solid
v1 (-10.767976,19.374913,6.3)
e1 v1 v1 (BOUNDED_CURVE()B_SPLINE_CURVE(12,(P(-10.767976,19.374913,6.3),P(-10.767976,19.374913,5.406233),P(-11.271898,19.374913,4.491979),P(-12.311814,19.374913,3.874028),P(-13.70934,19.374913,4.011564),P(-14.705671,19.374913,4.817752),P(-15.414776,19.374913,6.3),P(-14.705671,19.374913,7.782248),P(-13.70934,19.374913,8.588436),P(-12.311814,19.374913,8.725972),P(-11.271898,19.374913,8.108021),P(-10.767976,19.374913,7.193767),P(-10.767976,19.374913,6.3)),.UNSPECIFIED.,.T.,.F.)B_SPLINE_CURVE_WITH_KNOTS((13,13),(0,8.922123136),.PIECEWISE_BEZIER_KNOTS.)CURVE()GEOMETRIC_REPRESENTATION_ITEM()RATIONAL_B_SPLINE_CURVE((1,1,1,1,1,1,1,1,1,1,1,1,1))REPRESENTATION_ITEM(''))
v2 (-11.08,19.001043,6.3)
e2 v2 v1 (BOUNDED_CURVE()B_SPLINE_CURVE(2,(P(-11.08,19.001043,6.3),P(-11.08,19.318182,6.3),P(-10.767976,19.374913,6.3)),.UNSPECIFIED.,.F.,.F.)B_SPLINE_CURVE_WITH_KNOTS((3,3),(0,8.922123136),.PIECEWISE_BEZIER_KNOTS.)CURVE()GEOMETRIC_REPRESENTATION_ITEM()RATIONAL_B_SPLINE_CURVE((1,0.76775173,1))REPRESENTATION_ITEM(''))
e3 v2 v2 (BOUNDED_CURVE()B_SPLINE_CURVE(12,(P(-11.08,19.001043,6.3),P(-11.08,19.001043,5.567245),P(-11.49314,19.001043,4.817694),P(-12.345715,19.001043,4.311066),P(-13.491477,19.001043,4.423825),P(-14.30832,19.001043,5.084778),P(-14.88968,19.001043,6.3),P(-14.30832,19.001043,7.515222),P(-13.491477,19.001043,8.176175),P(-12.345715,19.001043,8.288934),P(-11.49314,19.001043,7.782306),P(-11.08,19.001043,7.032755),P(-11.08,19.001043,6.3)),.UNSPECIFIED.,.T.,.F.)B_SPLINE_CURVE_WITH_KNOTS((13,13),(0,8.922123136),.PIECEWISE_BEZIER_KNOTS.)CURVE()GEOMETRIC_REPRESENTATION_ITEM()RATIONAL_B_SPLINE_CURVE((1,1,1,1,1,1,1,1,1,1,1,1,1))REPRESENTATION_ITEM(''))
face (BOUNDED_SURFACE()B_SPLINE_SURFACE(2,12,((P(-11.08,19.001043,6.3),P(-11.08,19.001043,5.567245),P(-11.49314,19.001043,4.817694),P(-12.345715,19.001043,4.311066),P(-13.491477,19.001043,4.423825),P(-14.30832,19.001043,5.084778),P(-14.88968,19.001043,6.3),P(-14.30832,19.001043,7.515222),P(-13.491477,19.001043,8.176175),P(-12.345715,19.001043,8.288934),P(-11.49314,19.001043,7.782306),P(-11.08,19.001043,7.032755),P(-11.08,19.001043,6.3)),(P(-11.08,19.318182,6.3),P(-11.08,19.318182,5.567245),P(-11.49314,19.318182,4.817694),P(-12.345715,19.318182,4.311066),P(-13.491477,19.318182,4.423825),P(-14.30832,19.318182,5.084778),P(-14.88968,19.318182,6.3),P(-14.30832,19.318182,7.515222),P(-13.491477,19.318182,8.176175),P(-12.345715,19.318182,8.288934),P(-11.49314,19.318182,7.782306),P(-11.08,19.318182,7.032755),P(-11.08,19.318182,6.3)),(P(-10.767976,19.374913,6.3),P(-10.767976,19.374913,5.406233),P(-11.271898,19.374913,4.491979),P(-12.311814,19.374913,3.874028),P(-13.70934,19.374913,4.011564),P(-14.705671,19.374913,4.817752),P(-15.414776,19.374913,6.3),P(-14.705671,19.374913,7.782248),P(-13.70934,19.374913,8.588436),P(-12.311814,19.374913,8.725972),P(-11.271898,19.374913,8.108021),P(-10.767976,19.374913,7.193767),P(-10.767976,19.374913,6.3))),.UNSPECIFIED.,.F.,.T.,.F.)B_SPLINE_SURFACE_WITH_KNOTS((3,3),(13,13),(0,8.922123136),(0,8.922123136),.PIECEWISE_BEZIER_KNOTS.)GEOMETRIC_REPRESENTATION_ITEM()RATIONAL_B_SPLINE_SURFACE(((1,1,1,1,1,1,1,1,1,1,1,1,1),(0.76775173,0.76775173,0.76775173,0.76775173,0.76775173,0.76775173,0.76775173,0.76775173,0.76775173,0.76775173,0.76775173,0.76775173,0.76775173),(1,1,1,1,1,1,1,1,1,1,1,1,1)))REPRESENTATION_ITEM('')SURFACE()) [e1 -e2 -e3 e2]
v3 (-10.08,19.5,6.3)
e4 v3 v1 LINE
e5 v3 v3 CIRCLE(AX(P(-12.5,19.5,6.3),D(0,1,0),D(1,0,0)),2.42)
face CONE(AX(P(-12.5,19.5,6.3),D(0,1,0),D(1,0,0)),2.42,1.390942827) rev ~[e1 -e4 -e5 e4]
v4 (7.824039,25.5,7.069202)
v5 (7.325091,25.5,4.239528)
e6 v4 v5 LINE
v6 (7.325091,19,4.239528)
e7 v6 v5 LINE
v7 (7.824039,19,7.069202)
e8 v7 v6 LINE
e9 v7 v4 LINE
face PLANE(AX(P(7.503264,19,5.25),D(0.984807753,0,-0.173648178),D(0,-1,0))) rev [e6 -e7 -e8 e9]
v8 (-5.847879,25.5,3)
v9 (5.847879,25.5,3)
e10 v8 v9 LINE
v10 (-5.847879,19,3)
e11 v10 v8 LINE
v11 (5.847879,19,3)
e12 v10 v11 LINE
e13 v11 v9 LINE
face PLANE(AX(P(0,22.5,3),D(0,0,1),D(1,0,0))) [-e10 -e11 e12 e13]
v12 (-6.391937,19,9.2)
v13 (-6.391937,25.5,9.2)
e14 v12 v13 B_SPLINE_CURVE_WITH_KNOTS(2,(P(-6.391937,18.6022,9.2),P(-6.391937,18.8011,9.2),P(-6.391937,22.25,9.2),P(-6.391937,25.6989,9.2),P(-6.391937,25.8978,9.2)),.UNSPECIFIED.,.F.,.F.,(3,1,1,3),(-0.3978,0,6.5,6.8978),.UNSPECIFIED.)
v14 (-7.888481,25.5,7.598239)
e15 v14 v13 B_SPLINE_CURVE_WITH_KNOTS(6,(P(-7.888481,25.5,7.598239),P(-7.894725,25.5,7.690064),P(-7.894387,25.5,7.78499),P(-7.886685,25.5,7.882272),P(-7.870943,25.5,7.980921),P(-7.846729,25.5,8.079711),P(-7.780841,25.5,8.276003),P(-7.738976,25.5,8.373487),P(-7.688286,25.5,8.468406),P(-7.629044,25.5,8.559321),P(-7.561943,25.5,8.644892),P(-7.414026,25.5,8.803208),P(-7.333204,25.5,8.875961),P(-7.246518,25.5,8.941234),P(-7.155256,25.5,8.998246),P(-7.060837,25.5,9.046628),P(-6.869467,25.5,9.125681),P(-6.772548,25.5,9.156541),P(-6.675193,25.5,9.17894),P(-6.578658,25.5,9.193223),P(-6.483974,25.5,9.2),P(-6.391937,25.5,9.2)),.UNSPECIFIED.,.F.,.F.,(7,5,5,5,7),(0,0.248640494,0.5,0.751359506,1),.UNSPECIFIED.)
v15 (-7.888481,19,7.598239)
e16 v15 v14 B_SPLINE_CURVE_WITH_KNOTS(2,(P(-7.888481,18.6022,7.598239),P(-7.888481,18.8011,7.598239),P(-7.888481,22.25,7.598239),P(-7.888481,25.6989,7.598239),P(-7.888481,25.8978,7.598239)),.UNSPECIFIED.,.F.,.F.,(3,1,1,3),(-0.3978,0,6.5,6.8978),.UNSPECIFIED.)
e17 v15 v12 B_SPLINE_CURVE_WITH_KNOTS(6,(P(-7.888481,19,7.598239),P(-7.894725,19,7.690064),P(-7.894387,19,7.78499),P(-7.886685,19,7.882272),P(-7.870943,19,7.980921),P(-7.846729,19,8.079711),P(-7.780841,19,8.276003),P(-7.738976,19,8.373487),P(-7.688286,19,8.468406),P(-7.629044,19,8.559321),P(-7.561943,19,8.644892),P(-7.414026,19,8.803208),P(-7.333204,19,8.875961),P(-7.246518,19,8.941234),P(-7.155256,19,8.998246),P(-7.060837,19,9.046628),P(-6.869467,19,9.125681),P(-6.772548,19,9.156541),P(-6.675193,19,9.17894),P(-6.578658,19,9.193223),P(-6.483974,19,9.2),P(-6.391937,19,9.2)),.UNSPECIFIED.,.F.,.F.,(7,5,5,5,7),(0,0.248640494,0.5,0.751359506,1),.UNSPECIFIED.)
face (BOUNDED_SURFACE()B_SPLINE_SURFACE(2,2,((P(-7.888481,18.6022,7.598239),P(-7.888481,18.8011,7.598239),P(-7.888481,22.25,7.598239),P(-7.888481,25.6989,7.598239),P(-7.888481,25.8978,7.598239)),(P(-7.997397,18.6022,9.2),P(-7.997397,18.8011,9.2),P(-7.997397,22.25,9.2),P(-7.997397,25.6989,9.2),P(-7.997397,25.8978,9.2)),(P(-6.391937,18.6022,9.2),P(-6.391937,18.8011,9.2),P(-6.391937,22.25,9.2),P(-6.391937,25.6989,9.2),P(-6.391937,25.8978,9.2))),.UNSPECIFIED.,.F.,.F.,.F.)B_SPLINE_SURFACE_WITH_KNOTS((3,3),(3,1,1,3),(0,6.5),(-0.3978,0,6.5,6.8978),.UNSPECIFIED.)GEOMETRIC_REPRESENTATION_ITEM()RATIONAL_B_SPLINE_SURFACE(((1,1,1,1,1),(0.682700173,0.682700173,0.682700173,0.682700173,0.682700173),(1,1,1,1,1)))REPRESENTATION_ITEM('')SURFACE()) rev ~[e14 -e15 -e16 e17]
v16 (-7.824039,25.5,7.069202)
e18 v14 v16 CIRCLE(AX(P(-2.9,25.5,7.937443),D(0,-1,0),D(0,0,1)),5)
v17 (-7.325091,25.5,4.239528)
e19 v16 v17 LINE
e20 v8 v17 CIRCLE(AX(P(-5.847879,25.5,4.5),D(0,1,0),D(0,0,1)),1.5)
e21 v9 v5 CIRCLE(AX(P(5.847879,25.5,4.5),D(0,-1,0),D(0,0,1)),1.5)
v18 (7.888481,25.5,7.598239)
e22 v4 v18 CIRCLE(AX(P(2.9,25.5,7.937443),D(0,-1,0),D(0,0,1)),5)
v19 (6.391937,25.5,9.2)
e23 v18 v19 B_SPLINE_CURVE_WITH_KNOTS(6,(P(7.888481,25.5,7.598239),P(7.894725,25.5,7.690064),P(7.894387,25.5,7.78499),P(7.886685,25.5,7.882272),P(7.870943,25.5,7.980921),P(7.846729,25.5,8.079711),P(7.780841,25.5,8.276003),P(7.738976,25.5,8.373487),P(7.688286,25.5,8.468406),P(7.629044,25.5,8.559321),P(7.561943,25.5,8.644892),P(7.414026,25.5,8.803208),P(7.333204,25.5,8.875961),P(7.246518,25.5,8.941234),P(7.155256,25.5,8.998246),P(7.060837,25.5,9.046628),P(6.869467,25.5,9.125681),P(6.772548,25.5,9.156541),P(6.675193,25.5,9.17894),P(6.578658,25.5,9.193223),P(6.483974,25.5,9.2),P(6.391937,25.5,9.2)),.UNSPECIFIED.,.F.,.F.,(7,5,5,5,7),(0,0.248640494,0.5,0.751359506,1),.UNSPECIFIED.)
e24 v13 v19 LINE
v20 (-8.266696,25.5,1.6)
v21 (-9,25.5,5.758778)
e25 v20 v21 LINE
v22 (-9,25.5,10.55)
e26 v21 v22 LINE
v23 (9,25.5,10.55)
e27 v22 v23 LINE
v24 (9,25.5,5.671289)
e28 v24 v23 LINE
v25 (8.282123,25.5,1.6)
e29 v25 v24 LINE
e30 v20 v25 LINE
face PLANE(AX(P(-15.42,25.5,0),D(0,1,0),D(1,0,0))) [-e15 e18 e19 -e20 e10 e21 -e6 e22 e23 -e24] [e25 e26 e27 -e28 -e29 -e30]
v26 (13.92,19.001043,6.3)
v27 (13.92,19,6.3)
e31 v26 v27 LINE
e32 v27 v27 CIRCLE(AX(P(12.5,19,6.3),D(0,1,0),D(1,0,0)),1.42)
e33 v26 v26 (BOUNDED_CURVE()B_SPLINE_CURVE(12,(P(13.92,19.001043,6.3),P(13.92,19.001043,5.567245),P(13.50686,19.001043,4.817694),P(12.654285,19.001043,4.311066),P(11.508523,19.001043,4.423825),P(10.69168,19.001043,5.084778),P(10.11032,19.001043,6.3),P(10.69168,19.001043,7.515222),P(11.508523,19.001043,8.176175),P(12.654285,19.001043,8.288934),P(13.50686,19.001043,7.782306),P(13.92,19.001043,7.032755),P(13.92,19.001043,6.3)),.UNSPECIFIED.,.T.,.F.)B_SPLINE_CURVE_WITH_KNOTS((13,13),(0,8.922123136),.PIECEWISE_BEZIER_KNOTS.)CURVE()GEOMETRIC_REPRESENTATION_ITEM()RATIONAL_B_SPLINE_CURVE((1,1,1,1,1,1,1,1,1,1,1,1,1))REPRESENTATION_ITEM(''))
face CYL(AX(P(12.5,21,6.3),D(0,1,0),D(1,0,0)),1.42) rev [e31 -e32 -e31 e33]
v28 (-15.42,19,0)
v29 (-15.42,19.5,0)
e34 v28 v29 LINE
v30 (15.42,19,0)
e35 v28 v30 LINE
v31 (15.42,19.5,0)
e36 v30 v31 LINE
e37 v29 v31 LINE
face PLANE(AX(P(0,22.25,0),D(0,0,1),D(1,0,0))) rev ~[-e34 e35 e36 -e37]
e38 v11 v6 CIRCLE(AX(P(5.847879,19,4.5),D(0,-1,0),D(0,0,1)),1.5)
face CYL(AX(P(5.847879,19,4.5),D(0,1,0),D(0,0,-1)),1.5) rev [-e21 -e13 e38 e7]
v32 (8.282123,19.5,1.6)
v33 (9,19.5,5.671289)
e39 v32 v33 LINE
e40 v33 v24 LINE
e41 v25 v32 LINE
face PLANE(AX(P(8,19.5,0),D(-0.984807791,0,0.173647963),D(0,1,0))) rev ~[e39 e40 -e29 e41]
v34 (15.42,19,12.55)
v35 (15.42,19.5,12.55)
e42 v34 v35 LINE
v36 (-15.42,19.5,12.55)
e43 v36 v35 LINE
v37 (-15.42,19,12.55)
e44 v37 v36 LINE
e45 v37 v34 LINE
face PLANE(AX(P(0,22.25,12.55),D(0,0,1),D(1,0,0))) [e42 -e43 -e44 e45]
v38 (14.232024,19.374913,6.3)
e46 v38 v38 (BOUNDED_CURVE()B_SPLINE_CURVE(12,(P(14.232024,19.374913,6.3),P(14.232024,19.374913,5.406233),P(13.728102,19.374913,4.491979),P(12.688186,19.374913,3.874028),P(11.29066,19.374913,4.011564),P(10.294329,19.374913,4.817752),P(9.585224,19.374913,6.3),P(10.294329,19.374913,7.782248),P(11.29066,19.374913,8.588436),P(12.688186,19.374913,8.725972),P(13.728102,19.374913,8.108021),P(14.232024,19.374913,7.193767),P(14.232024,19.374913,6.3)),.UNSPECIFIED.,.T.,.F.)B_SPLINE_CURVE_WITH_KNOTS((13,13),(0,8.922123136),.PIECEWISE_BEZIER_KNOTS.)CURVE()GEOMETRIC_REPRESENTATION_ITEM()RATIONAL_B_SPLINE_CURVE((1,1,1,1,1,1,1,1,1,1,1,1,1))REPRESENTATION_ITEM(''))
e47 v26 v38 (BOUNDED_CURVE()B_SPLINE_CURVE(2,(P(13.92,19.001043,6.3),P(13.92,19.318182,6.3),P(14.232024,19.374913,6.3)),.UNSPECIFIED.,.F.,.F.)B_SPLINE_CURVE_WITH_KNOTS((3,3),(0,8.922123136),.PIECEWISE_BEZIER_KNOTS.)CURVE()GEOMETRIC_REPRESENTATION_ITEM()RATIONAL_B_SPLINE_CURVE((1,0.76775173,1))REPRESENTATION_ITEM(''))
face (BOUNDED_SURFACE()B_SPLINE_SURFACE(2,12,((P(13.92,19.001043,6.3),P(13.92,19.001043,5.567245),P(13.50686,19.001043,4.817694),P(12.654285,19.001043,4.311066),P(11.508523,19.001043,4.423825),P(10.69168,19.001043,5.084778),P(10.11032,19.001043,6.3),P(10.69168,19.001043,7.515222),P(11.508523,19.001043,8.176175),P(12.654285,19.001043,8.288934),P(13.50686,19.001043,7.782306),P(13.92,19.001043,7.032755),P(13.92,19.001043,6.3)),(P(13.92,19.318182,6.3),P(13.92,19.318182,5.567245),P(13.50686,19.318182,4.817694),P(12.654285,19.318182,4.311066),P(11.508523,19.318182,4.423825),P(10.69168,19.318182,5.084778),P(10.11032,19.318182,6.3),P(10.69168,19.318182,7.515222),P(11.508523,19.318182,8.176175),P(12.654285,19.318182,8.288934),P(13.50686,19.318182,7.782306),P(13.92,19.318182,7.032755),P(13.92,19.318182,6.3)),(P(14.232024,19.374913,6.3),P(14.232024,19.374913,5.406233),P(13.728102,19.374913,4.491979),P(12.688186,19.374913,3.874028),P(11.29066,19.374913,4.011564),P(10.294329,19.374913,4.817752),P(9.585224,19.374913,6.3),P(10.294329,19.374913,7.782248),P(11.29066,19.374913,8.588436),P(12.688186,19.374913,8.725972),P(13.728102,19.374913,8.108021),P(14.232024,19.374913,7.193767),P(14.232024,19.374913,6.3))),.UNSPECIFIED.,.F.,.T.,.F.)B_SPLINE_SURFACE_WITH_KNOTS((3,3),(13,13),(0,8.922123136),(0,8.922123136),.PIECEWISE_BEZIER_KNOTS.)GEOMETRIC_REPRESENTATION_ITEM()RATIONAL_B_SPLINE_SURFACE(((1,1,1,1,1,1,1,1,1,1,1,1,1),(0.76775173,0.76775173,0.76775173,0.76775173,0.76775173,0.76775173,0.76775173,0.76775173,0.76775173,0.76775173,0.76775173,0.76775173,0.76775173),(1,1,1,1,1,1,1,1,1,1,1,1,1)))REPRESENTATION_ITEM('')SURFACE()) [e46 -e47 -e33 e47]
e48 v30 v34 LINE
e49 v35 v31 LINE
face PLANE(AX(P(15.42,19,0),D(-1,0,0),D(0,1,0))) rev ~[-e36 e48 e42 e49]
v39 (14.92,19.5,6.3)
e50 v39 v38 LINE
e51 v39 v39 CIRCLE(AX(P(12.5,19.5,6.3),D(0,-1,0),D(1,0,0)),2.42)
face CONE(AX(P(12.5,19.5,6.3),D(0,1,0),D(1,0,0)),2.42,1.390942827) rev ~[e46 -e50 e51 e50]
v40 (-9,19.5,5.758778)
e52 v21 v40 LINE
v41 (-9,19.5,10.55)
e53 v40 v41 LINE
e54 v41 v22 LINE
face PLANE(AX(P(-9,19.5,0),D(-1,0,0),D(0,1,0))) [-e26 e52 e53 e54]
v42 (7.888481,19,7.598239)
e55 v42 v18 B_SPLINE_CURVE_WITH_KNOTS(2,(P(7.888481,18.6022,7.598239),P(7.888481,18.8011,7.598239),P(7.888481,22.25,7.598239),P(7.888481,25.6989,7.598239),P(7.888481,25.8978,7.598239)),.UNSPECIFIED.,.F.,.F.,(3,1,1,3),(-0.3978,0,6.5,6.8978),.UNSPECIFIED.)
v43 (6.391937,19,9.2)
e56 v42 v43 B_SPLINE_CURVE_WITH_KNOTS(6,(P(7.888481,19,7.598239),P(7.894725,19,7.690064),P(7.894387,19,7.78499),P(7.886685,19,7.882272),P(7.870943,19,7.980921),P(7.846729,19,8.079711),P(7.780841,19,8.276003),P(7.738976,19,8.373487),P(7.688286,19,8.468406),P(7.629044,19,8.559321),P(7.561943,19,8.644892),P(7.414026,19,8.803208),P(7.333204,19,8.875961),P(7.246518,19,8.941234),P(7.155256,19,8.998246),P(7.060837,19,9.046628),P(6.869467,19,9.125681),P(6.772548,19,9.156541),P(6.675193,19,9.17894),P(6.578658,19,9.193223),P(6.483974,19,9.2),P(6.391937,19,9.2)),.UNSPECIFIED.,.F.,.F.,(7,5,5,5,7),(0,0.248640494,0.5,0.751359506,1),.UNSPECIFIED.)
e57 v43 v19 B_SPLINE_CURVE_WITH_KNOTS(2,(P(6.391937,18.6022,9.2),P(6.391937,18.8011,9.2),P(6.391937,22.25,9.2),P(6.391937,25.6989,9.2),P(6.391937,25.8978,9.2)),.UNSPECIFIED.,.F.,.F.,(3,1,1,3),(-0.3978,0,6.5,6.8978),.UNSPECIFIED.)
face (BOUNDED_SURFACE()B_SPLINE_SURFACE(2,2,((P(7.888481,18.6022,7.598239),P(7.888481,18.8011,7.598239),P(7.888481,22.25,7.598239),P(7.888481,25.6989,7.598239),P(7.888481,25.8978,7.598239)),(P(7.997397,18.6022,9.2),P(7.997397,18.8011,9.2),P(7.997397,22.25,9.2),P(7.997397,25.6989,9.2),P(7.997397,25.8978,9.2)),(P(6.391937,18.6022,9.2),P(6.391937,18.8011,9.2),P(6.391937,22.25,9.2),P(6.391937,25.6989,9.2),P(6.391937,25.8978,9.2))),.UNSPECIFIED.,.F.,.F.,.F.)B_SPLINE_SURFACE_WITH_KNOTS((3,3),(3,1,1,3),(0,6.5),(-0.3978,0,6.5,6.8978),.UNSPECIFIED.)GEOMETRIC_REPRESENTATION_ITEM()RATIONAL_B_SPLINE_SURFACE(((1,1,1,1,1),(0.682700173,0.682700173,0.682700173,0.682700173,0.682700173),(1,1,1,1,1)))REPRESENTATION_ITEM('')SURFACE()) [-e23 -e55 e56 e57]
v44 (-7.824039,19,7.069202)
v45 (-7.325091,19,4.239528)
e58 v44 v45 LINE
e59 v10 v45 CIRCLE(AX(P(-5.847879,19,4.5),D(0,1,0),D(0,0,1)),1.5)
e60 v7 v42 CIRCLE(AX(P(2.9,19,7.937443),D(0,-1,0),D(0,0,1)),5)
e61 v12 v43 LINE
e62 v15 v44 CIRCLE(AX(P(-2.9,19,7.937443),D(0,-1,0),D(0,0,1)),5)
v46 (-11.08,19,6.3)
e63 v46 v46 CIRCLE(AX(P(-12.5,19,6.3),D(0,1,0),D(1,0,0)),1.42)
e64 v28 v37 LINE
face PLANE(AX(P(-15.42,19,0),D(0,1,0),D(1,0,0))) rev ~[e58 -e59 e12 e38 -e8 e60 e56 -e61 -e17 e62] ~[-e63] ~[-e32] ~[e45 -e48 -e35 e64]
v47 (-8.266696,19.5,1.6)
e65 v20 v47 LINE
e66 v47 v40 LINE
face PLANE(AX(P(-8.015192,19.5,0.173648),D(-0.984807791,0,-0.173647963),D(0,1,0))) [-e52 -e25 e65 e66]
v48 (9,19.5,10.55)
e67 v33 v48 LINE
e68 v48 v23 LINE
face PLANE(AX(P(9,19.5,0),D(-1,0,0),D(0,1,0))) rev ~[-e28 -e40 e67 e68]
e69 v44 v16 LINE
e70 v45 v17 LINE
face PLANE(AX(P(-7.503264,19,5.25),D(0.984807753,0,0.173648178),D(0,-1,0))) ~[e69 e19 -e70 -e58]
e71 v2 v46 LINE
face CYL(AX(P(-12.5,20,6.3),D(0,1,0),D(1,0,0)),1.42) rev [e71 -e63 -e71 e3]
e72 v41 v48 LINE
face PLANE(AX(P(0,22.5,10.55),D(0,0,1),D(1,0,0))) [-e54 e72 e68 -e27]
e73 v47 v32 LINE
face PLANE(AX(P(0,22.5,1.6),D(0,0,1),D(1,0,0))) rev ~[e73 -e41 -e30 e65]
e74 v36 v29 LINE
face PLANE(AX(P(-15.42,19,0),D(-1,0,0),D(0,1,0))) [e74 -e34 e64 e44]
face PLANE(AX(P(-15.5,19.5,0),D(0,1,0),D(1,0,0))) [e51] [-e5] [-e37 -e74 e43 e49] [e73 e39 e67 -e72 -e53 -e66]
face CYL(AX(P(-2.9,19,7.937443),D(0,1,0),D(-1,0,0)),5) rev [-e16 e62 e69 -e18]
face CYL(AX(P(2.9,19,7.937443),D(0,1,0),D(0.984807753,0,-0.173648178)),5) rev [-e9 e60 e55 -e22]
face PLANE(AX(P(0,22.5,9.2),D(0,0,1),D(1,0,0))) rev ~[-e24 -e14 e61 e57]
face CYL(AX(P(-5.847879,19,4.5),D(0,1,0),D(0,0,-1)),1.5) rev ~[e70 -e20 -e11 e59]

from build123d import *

# Parameters (mm, degrees)
BOX013_W          = 30.84
BOX013_H          = 6.5
BOX013_DEPTH      = 12.55
BOX014_W          = 6.5
BOX014_H          = 6
BOX014_DEPTH      = 12.55
BOX015_W          = 6.5
BOX015_H          = 6
BOX015_DEPTH      = 12.55
BOX016_W          = 15.8
BOX016_H          = 7
BOX016_DEPTH      = 6.2
BOX017_W          = 23
BOX017_H          = 6
BOX017_DEPTH      = 1.6
BOX018_W          = 19
BOX018_H          = 6
BOX018_DEPTH      = 2
CYLINDER004_R     = 1.42
CYLINDER004_DEPTH = 3
CYLINDER005_R     = 1.42
CYLINDER005_DEPTH = 3
CHAMFER_1_ANGLE   = 10
CHAMFER_1_SIZE    = 4.5
CHAMFER_2_ANGLE   = 10
CHAMFER_2_SIZE    = 4.5
FILLET_R          = 5
FILLET001_R       = 1.5
FILLET002_R       = 5
FILLET003_R       = 1.5
FILLET004_R       = 1.5
FILLET005_R       = 1.5
FILLET006_R       = 0.38
FILLET007_R       = 0.38
BOX031_W          = 1
BOX031_H          = 6
BOX031_DEPTH      = 10
BOX032_W          = 1
BOX032_H          = 6
BOX032_DEPTH      = 10


with BuildPart() as part:
    # Box013 → Box013 (join)
    with BuildSketch(Plane(origin=(-15.42, 19, 0), x_dir=(1, 0, 0), z_dir=(0, 0, 1))):
        with Locations((15.42, 3.25)):
            Rectangle(BOX013_W, BOX013_H)
    extrude(amount=BOX013_DEPTH)

    # Box014 → Box014 (cut)
    with BuildSketch(Plane(origin=(9, 19.5, 0), x_dir=(1, 0, 0), z_dir=(0, 0, 1))):
        with Locations((3.25, 3)):
            Rectangle(BOX014_W, BOX014_H)
    extrude(amount=BOX014_DEPTH, mode=Mode.SUBTRACT)

    # Box015 → Box015 (cut)
    with BuildSketch(Plane(origin=(-15.5, 19.5, 0), x_dir=(1, 0, 0), z_dir=(0, 0, 1))):
        with Locations((3.25, 3)):
            Rectangle(BOX015_W, BOX015_H)
    extrude(amount=BOX015_DEPTH, mode=Mode.SUBTRACT)

    # Box016 → Box016 (cut)
    with BuildSketch(Plane(origin=(-7.9, 19, 3), x_dir=(1, 0, 0), z_dir=(0, 0, 1))):
        with Locations((7.9, 3.5)):
            Rectangle(BOX016_W, BOX016_H)
    extrude(amount=BOX016_DEPTH, mode=Mode.SUBTRACT)

    # Box017 → Box017 (cut)
    with BuildSketch(Plane(origin=(-11.5, 19.5, 0), x_dir=(1, 0, 0), z_dir=(0, 0, 1))):
        with Locations((11.5, 3)):
            Rectangle(BOX017_W, BOX017_H)
    extrude(amount=BOX017_DEPTH, mode=Mode.SUBTRACT)

    # Box018 → Box018 (cut)
    with BuildSketch(Plane(origin=(-9.5, 19.5, 10.55), x_dir=(1, 0, 0), z_dir=(0, 0, 1))):
        with Locations((9.5, 3)):
            Rectangle(BOX018_W, BOX018_H)
    extrude(amount=BOX018_DEPTH, mode=Mode.SUBTRACT)

    # Cylinder004 → Cylinder004 (cut)
    with BuildSketch(Plane(origin=(12.5, 21, 6.3), x_dir=(1, 0, 0), z_dir=(0, -1, 0))):
        Circle(CYLINDER004_R)
    extrude(amount=CYLINDER004_DEPTH, mode=Mode.SUBTRACT)

    # Cylinder005 → Cylinder005 (cut)
    with BuildSketch(Plane(origin=(-12.5, 20, 6.3), x_dir=(1, 0, 0), z_dir=(0, -1, 0))):
        Circle(CYLINDER005_R)
    extrude(amount=CYLINDER005_DEPTH, mode=Mode.SUBTRACT)

    # Chamfer 1
    chamfer_1_edges = [part.edges().sort_by_distance(p)[0] for p in [
        (7.9, 22.25, 3),
    ]]
    chamfer_1_side = part.faces().sort_by_distance((7.9, 22.25, 6.1))[0]
    chamfer(chamfer_1_edges, length=CHAMFER_1_SIZE, angle=CHAMFER_1_ANGLE, reference=chamfer_1_side)

    # Chamfer 2
    chamfer_2_edges = [part.edges().sort_by_distance(p)[0] for p in [
        (-7.9, 22.25, 3),
    ]]
    chamfer_2_side = part.faces().sort_by_distance((-7.9, 22.25, 6.1))[0]
    chamfer(chamfer_2_edges, length=CHAMFER_2_SIZE, angle=CHAMFER_2_ANGLE, reference=chamfer_2_side)

    # Fillet
    fillet_edges = [part.edges().sort_by_distance(p)[0] for p in [
        (7.9, 22.25, 7.5),
    ]]
    fillet(fillet_edges, radius=FILLET_R)

    # Fillet001
    fillet001_edges = [part.edges().sort_by_distance(p)[0] for p in [
        (7.9, 22.25, 9.2),
    ]]
    fillet(fillet001_edges, radius=FILLET001_R)

    # Fillet002
    fillet002_edges = [part.edges().sort_by_distance(p)[0] for p in [
        (-7.9, 22.25, 7.5),
    ]]
    fillet(fillet002_edges, radius=FILLET002_R)

    # Fillet003
    fillet003_edges = [part.edges().sort_by_distance(p)[0] for p in [
        (-7.9, 22.25, 9.2),
    ]]
    fillet(fillet003_edges, radius=FILLET003_R)

    # Fillet004
    fillet004_edges = [part.edges().sort_by_distance(p)[0] for p in [
        (7.106529, 22.25, 3),
    ]]
    fillet(fillet004_edges, radius=FILLET004_R)

    # Fillet005
    fillet005_edges = [part.edges().sort_by_distance(p)[0] for p in [
        (-7.106529, 22.25, 3),
    ]]
    fillet(fillet005_edges, radius=FILLET005_R)

    # Cone → Cone (revolve, cut)
    with BuildSketch(Plane(origin=(12.5, 19.5, 6.3), x_dir=(1, 0, 0), z_dir=(0, 0, -1))):
        Polygon((0, 0), (2.42, 0), (1.32, 0.2), (0, 0.2), align=None)
    revolve(axis=Axis((12.5, 19.5, 6.3), (0, -1, 0)), mode=Mode.SUBTRACT)

    # Fillet006
    fillet006_edges = [part.edges().sort_by_distance(p)[0] for p in [
        (11.08, 19.318182, 6.3),
    ]]
    fillet(fillet006_edges, radius=FILLET006_R)

    # Cone001 → Cone001 (revolve, cut)
    with BuildSketch(Plane(origin=(-12.5, 19.5, 6.3), x_dir=(1, 0, 0), z_dir=(0, 0, -1))):
        Polygon((0, 0), (2.42, 0), (1.32, 0.2), (0, 0.2), align=None)
    revolve(axis=Axis((-12.5, 19.5, 6.3), (0, -1, 0)), mode=Mode.SUBTRACT)

    # Fillet007
    fillet007_edges = [part.edges().sort_by_distance(p)[0] for p in [
        (-13.92, 19.318182, 6.3),
    ]]
    fillet(fillet007_edges, radius=FILLET007_R)

    # Box031 → Box031 (cut)
    with BuildSketch(Plane(origin=(8, 19.5, 0), x_dir=(0.984808, 0, -0.173648), z_dir=(0.173648, 0, 0.984808))):
        with Locations((0.5, 3)):
            Rectangle(BOX031_W, BOX031_H)
    extrude(amount=BOX031_DEPTH, mode=Mode.SUBTRACT)

    # Box032 → Box032 (cut)
    with BuildSketch(Plane(origin=(-9, 19.5, 0), x_dir=(0.984808, 0, 0.173648), z_dir=(-0.173648, 0, 0.984808))):
        with Locations((0.5, 3)):
            Rectangle(BOX032_W, BOX032_H)
    extrude(amount=BOX032_DEPTH, mode=Mode.SUBTRACT)


solid = part.part
